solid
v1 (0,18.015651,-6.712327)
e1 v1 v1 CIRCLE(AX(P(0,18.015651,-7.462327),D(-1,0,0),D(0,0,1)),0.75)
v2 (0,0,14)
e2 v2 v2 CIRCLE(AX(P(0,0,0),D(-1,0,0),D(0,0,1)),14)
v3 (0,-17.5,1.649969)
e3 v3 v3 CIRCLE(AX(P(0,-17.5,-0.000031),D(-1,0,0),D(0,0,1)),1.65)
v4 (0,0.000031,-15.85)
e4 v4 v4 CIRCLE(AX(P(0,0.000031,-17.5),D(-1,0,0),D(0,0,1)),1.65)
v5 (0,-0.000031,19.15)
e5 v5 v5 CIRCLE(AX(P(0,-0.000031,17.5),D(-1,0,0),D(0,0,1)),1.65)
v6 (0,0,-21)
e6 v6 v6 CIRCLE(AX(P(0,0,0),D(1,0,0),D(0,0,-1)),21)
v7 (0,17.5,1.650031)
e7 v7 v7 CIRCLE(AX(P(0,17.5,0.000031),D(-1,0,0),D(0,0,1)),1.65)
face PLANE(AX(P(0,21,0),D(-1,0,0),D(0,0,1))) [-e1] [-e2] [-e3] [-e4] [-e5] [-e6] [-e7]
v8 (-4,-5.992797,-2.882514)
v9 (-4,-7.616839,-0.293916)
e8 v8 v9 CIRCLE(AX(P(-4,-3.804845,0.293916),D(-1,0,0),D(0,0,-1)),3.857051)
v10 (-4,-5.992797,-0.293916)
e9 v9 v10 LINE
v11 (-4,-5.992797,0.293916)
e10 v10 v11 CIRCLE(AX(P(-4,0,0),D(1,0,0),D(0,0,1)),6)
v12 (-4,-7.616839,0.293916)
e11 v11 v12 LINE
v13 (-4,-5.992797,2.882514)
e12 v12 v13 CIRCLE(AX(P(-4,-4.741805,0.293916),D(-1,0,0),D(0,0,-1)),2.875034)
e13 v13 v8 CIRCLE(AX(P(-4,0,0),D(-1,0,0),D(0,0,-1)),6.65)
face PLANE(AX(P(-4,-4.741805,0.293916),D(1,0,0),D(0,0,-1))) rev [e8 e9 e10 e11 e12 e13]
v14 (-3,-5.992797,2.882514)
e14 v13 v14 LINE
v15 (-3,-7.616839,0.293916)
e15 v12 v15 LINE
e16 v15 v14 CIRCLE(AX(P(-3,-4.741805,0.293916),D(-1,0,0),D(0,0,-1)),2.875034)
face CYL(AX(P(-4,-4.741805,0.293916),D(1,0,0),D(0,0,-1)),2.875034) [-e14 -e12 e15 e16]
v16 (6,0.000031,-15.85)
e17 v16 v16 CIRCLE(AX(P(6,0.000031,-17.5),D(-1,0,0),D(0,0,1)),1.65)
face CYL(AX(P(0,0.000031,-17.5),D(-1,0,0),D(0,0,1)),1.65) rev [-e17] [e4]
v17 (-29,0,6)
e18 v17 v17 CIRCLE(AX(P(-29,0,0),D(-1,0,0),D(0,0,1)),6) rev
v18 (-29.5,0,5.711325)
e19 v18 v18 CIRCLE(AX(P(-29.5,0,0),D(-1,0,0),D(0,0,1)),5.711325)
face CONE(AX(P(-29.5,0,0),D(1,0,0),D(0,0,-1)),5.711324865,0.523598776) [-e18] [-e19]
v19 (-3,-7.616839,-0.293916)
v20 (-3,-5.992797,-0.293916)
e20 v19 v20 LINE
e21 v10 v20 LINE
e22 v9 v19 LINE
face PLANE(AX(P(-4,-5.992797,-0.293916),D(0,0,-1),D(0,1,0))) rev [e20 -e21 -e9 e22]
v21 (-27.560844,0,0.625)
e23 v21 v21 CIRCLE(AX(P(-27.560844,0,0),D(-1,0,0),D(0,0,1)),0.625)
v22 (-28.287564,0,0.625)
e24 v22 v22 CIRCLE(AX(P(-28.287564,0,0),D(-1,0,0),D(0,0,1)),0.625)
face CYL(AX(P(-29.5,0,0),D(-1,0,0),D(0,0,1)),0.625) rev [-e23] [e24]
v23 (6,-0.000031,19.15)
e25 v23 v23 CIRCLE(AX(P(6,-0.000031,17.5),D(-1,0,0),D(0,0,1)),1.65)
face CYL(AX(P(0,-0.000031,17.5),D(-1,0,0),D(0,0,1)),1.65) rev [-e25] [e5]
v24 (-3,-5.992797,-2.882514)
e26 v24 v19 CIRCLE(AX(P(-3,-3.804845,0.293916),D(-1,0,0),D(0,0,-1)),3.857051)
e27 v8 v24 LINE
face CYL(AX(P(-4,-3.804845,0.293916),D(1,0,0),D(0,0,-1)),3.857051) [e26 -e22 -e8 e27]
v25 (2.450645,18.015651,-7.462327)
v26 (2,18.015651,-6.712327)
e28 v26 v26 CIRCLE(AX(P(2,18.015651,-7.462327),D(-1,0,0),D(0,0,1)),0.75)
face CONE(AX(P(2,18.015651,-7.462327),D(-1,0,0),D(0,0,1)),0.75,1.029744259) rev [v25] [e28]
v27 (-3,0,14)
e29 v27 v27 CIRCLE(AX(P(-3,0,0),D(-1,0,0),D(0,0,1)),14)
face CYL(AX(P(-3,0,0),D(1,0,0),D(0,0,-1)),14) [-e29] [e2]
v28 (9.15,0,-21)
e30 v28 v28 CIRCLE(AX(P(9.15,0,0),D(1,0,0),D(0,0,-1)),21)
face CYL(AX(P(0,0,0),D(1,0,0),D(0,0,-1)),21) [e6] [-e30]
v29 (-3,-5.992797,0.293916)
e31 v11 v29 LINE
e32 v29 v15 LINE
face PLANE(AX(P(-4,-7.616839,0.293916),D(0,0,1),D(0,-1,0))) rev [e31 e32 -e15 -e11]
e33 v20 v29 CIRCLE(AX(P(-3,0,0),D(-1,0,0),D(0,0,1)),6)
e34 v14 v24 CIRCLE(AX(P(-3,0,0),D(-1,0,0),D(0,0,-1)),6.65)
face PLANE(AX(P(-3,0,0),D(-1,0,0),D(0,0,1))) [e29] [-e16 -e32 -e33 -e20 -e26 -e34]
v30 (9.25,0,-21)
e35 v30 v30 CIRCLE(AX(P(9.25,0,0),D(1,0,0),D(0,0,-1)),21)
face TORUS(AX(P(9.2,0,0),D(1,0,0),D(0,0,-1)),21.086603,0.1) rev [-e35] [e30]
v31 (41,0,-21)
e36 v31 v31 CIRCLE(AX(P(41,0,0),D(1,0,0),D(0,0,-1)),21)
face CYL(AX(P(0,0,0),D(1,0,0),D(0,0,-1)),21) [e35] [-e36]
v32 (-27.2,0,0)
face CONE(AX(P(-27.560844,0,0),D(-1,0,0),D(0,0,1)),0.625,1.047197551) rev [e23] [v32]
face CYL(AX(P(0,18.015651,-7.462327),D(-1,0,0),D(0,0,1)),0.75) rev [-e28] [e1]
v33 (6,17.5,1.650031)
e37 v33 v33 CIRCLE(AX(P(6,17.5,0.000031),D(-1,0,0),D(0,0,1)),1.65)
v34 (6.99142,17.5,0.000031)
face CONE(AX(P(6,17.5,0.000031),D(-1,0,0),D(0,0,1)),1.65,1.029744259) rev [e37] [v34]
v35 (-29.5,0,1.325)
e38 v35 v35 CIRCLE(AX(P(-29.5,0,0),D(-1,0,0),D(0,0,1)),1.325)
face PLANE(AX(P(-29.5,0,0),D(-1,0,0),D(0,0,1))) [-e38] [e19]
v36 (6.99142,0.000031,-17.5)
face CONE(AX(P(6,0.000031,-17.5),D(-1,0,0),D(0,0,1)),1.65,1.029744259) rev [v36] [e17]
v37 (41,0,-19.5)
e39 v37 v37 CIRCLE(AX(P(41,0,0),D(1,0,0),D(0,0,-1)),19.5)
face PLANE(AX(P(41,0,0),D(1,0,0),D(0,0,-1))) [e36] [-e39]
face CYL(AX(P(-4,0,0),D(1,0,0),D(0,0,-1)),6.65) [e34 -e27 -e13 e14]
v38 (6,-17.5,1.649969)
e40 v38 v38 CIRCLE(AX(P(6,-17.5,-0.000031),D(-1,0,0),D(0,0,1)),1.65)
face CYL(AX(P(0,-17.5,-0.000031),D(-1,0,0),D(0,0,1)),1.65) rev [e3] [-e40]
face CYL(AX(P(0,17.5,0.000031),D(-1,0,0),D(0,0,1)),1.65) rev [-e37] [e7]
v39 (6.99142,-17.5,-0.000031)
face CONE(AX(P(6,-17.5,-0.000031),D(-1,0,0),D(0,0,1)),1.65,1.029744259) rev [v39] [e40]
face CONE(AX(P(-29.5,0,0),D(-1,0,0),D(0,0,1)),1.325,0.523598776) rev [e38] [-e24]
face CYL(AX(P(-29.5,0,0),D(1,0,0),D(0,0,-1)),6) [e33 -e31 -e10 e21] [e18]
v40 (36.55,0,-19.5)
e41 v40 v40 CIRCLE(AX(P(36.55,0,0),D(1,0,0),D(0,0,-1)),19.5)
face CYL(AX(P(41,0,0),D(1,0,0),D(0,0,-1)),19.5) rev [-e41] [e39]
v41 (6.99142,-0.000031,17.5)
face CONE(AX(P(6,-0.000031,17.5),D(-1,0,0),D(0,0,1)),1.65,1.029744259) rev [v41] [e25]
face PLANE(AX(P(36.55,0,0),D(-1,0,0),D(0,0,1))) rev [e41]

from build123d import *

# Parameters (mm, degrees)
SKETCH2_R                              = 14
BOSS_EXTRUDE1_DEPTH                    = 3
SKETCH3_R                              = 6
BOSS_EXTRUDE2_DEPTH                    = 26.5
BOSS_EXTRUDE3_DEPTH                    = 1
M36_CLEARANCE_HOLE1_D                  = 39
M36_CLEARANCE_HOLE1_DEPTH              = 4.45
F_1_5_1_5_DIAMETER_HOLE1_D             = 1.5
F_1_5_1_5_DIAMETER_HOLE1_DEPTH         = 2
F_1_5_1_5_DIAMETER_HOLE1_TIP           = 0.450645464
F_3_3_3_3_DIAMETER_HOLE1_D             = 3.3
F_3_3_3_3_DIAMETER_HOLE1_DEPTH         = 6
F_3_3_3_3_DIAMETER_HOLE1_TIP           = 0.991420021
F_1_25_1_25_DIAMETER_HOLE1_D           = 1.25
F_1_25_1_25_DIAMETER_HOLE1_DEPTH       = 1.939156082
F_1_25_1_25_DIAMETER_HOLE1_CSINK_D     = 2.65
F_1_25_1_25_DIAMETER_HOLE1_CSINK_ANGLE = 60
F_1_25_1_25_DIAMETER_HOLE1_TIP         = 0.360843918
CHAMFER1_SIZE                          = 0.288675135
CHAMFER1_SIZE2                         = 0.5


with BuildPart() as part:
    # Sketch1 → Revolve1 (revolve)
    with BuildSketch(Plane.XY, mode=Mode.PRIVATE) as revolve1_sk:
        with BuildLine():
            Line((0, 21), (0, 0))
            Line((0, 0), (41, 0))
            Line((41, 0), (41, 21))
            Line((41, 21), (9.25, 21))
            ThreePointArc((9.25, 21), (9.2, 20.98660254), (9.15, 21))
            Line((9.15, 21), (0, 21))
        make_face()
    revolve(revolve1_sk.sketch.rotate(Axis((0, 0, 0), (1, 0, 0)), 270), axis=Axis((0, 0, 0), (1, 0, 0)))

    # Sketch2 → Boss-Extrude1 (add)
    with BuildSketch(Plane.ZY):
        Circle(SKETCH2_R)
    extrude(amount=BOSS_EXTRUDE1_DEPTH)

    # Sketch3 → Boss-Extrude2 (add)
    with BuildSketch(Plane.ZY.offset(3)):
        Circle(SKETCH3_R)
    extrude(amount=BOSS_EXTRUDE2_DEPTH)

    # Sketch4 → Boss-Extrude3 (add)
    with BuildSketch(Plane.ZY.offset(3)):
        with BuildLine():
            Line((0.293916284, -7.616838781), (0.293916284, -5.992796778))
            ThreePointArc((0.293916284, -5.992796778), (0, 6), (-0.293916284, -5.992796778))
            Line((-0.293916284, -5.992796778), (-0.293916284, -7.616838781))
            ThreePointArc((-0.293916284, -7.616838781), (-1.755912185, -7.072113956), (-2.882513969, -5.992796778))
            ThreePointArc((-2.882513969, -5.992796778), (0, 6.65), (2.882513969, -5.992796778))
            ThreePointArc((2.882513969, -5.992796778), (1.821852016, -7.17721696), (0.293916284, -7.616838781))
        make_face()
    extrude(amount=BOSS_EXTRUDE3_DEPTH)

    # M36 Clearance Hole1
    with Locations(Plane(origin=(41, 0, 0), x_dir=(0, 0, -1), z_dir=(1, 0, 0))):
        with Locations((0, 0)):
            Hole(M36_CLEARANCE_HOLE1_D / 2, depth=M36_CLEARANCE_HOLE1_DEPTH)

    # Ø1.5 (1.5) Diameter Hole1
    with Locations(Plane.ZY):
        with Locations((-7.462326931, 18.015650884)):
            Hole(F_1_5_1_5_DIAMETER_HOLE1_D / 2, depth=F_1_5_1_5_DIAMETER_HOLE1_DEPTH)
            with Locations((0, 0, -(F_1_5_1_5_DIAMETER_HOLE1_DEPTH + F_1_5_1_5_DIAMETER_HOLE1_TIP / 2))):  # 118° drill point
                Cone(0, F_1_5_1_5_DIAMETER_HOLE1_D / 2, F_1_5_1_5_DIAMETER_HOLE1_TIP, mode=Mode.SUBTRACT)

    # Ø3.3 (3.3) Diameter Hole1
    with Locations(Plane.ZY):
        with Locations((3.0543e-05, 17.5), (17.5, -3.0543e-05), (-3.0543e-05, -17.5), (-17.5, 3.0543e-05)):
            Hole(F_3_3_3_3_DIAMETER_HOLE1_D / 2, depth=F_3_3_3_3_DIAMETER_HOLE1_DEPTH)
            with Locations((0, 0, -(F_3_3_3_3_DIAMETER_HOLE1_DEPTH + F_3_3_3_3_DIAMETER_HOLE1_TIP / 2))):  # 118° drill point
                Cone(0, F_3_3_3_3_DIAMETER_HOLE1_D / 2, F_3_3_3_3_DIAMETER_HOLE1_TIP, mode=Mode.SUBTRACT)

    # Ø1.25 (1.25) Diameter Hole1
    with Locations(Plane.ZY.offset(29.5)):
        with Locations((0, 0)):
            CounterSinkHole(F_1_25_1_25_DIAMETER_HOLE1_D / 2, F_1_25_1_25_DIAMETER_HOLE1_CSINK_D / 2, depth=F_1_25_1_25_DIAMETER_HOLE1_DEPTH, counter_sink_angle=F_1_25_1_25_DIAMETER_HOLE1_CSINK_ANGLE)
            with Locations((0, 0, -(F_1_25_1_25_DIAMETER_HOLE1_DEPTH + F_1_25_1_25_DIAMETER_HOLE1_TIP / 2))):  # 120° drill point
                Cone(0, F_1_25_1_25_DIAMETER_HOLE1_D / 2, F_1_25_1_25_DIAMETER_HOLE1_TIP, mode=Mode.SUBTRACT)

    # Chamfer1
    chamfer1_edges = [part.edges().sort_by_distance(p)[0] for p in [
        (-29.5, 0, -6),
    ]]
    chamfer1_side = [part.faces().sort_by_distance(p)[0] for p in [
        (-29.5, 0, -5.830294373),
    ]]
    chamfer(chamfer1_edges, length=CHAMFER1_SIZE, length2=CHAMFER1_SIZE2, reference=chamfer1_side[0])


solid = part.part
